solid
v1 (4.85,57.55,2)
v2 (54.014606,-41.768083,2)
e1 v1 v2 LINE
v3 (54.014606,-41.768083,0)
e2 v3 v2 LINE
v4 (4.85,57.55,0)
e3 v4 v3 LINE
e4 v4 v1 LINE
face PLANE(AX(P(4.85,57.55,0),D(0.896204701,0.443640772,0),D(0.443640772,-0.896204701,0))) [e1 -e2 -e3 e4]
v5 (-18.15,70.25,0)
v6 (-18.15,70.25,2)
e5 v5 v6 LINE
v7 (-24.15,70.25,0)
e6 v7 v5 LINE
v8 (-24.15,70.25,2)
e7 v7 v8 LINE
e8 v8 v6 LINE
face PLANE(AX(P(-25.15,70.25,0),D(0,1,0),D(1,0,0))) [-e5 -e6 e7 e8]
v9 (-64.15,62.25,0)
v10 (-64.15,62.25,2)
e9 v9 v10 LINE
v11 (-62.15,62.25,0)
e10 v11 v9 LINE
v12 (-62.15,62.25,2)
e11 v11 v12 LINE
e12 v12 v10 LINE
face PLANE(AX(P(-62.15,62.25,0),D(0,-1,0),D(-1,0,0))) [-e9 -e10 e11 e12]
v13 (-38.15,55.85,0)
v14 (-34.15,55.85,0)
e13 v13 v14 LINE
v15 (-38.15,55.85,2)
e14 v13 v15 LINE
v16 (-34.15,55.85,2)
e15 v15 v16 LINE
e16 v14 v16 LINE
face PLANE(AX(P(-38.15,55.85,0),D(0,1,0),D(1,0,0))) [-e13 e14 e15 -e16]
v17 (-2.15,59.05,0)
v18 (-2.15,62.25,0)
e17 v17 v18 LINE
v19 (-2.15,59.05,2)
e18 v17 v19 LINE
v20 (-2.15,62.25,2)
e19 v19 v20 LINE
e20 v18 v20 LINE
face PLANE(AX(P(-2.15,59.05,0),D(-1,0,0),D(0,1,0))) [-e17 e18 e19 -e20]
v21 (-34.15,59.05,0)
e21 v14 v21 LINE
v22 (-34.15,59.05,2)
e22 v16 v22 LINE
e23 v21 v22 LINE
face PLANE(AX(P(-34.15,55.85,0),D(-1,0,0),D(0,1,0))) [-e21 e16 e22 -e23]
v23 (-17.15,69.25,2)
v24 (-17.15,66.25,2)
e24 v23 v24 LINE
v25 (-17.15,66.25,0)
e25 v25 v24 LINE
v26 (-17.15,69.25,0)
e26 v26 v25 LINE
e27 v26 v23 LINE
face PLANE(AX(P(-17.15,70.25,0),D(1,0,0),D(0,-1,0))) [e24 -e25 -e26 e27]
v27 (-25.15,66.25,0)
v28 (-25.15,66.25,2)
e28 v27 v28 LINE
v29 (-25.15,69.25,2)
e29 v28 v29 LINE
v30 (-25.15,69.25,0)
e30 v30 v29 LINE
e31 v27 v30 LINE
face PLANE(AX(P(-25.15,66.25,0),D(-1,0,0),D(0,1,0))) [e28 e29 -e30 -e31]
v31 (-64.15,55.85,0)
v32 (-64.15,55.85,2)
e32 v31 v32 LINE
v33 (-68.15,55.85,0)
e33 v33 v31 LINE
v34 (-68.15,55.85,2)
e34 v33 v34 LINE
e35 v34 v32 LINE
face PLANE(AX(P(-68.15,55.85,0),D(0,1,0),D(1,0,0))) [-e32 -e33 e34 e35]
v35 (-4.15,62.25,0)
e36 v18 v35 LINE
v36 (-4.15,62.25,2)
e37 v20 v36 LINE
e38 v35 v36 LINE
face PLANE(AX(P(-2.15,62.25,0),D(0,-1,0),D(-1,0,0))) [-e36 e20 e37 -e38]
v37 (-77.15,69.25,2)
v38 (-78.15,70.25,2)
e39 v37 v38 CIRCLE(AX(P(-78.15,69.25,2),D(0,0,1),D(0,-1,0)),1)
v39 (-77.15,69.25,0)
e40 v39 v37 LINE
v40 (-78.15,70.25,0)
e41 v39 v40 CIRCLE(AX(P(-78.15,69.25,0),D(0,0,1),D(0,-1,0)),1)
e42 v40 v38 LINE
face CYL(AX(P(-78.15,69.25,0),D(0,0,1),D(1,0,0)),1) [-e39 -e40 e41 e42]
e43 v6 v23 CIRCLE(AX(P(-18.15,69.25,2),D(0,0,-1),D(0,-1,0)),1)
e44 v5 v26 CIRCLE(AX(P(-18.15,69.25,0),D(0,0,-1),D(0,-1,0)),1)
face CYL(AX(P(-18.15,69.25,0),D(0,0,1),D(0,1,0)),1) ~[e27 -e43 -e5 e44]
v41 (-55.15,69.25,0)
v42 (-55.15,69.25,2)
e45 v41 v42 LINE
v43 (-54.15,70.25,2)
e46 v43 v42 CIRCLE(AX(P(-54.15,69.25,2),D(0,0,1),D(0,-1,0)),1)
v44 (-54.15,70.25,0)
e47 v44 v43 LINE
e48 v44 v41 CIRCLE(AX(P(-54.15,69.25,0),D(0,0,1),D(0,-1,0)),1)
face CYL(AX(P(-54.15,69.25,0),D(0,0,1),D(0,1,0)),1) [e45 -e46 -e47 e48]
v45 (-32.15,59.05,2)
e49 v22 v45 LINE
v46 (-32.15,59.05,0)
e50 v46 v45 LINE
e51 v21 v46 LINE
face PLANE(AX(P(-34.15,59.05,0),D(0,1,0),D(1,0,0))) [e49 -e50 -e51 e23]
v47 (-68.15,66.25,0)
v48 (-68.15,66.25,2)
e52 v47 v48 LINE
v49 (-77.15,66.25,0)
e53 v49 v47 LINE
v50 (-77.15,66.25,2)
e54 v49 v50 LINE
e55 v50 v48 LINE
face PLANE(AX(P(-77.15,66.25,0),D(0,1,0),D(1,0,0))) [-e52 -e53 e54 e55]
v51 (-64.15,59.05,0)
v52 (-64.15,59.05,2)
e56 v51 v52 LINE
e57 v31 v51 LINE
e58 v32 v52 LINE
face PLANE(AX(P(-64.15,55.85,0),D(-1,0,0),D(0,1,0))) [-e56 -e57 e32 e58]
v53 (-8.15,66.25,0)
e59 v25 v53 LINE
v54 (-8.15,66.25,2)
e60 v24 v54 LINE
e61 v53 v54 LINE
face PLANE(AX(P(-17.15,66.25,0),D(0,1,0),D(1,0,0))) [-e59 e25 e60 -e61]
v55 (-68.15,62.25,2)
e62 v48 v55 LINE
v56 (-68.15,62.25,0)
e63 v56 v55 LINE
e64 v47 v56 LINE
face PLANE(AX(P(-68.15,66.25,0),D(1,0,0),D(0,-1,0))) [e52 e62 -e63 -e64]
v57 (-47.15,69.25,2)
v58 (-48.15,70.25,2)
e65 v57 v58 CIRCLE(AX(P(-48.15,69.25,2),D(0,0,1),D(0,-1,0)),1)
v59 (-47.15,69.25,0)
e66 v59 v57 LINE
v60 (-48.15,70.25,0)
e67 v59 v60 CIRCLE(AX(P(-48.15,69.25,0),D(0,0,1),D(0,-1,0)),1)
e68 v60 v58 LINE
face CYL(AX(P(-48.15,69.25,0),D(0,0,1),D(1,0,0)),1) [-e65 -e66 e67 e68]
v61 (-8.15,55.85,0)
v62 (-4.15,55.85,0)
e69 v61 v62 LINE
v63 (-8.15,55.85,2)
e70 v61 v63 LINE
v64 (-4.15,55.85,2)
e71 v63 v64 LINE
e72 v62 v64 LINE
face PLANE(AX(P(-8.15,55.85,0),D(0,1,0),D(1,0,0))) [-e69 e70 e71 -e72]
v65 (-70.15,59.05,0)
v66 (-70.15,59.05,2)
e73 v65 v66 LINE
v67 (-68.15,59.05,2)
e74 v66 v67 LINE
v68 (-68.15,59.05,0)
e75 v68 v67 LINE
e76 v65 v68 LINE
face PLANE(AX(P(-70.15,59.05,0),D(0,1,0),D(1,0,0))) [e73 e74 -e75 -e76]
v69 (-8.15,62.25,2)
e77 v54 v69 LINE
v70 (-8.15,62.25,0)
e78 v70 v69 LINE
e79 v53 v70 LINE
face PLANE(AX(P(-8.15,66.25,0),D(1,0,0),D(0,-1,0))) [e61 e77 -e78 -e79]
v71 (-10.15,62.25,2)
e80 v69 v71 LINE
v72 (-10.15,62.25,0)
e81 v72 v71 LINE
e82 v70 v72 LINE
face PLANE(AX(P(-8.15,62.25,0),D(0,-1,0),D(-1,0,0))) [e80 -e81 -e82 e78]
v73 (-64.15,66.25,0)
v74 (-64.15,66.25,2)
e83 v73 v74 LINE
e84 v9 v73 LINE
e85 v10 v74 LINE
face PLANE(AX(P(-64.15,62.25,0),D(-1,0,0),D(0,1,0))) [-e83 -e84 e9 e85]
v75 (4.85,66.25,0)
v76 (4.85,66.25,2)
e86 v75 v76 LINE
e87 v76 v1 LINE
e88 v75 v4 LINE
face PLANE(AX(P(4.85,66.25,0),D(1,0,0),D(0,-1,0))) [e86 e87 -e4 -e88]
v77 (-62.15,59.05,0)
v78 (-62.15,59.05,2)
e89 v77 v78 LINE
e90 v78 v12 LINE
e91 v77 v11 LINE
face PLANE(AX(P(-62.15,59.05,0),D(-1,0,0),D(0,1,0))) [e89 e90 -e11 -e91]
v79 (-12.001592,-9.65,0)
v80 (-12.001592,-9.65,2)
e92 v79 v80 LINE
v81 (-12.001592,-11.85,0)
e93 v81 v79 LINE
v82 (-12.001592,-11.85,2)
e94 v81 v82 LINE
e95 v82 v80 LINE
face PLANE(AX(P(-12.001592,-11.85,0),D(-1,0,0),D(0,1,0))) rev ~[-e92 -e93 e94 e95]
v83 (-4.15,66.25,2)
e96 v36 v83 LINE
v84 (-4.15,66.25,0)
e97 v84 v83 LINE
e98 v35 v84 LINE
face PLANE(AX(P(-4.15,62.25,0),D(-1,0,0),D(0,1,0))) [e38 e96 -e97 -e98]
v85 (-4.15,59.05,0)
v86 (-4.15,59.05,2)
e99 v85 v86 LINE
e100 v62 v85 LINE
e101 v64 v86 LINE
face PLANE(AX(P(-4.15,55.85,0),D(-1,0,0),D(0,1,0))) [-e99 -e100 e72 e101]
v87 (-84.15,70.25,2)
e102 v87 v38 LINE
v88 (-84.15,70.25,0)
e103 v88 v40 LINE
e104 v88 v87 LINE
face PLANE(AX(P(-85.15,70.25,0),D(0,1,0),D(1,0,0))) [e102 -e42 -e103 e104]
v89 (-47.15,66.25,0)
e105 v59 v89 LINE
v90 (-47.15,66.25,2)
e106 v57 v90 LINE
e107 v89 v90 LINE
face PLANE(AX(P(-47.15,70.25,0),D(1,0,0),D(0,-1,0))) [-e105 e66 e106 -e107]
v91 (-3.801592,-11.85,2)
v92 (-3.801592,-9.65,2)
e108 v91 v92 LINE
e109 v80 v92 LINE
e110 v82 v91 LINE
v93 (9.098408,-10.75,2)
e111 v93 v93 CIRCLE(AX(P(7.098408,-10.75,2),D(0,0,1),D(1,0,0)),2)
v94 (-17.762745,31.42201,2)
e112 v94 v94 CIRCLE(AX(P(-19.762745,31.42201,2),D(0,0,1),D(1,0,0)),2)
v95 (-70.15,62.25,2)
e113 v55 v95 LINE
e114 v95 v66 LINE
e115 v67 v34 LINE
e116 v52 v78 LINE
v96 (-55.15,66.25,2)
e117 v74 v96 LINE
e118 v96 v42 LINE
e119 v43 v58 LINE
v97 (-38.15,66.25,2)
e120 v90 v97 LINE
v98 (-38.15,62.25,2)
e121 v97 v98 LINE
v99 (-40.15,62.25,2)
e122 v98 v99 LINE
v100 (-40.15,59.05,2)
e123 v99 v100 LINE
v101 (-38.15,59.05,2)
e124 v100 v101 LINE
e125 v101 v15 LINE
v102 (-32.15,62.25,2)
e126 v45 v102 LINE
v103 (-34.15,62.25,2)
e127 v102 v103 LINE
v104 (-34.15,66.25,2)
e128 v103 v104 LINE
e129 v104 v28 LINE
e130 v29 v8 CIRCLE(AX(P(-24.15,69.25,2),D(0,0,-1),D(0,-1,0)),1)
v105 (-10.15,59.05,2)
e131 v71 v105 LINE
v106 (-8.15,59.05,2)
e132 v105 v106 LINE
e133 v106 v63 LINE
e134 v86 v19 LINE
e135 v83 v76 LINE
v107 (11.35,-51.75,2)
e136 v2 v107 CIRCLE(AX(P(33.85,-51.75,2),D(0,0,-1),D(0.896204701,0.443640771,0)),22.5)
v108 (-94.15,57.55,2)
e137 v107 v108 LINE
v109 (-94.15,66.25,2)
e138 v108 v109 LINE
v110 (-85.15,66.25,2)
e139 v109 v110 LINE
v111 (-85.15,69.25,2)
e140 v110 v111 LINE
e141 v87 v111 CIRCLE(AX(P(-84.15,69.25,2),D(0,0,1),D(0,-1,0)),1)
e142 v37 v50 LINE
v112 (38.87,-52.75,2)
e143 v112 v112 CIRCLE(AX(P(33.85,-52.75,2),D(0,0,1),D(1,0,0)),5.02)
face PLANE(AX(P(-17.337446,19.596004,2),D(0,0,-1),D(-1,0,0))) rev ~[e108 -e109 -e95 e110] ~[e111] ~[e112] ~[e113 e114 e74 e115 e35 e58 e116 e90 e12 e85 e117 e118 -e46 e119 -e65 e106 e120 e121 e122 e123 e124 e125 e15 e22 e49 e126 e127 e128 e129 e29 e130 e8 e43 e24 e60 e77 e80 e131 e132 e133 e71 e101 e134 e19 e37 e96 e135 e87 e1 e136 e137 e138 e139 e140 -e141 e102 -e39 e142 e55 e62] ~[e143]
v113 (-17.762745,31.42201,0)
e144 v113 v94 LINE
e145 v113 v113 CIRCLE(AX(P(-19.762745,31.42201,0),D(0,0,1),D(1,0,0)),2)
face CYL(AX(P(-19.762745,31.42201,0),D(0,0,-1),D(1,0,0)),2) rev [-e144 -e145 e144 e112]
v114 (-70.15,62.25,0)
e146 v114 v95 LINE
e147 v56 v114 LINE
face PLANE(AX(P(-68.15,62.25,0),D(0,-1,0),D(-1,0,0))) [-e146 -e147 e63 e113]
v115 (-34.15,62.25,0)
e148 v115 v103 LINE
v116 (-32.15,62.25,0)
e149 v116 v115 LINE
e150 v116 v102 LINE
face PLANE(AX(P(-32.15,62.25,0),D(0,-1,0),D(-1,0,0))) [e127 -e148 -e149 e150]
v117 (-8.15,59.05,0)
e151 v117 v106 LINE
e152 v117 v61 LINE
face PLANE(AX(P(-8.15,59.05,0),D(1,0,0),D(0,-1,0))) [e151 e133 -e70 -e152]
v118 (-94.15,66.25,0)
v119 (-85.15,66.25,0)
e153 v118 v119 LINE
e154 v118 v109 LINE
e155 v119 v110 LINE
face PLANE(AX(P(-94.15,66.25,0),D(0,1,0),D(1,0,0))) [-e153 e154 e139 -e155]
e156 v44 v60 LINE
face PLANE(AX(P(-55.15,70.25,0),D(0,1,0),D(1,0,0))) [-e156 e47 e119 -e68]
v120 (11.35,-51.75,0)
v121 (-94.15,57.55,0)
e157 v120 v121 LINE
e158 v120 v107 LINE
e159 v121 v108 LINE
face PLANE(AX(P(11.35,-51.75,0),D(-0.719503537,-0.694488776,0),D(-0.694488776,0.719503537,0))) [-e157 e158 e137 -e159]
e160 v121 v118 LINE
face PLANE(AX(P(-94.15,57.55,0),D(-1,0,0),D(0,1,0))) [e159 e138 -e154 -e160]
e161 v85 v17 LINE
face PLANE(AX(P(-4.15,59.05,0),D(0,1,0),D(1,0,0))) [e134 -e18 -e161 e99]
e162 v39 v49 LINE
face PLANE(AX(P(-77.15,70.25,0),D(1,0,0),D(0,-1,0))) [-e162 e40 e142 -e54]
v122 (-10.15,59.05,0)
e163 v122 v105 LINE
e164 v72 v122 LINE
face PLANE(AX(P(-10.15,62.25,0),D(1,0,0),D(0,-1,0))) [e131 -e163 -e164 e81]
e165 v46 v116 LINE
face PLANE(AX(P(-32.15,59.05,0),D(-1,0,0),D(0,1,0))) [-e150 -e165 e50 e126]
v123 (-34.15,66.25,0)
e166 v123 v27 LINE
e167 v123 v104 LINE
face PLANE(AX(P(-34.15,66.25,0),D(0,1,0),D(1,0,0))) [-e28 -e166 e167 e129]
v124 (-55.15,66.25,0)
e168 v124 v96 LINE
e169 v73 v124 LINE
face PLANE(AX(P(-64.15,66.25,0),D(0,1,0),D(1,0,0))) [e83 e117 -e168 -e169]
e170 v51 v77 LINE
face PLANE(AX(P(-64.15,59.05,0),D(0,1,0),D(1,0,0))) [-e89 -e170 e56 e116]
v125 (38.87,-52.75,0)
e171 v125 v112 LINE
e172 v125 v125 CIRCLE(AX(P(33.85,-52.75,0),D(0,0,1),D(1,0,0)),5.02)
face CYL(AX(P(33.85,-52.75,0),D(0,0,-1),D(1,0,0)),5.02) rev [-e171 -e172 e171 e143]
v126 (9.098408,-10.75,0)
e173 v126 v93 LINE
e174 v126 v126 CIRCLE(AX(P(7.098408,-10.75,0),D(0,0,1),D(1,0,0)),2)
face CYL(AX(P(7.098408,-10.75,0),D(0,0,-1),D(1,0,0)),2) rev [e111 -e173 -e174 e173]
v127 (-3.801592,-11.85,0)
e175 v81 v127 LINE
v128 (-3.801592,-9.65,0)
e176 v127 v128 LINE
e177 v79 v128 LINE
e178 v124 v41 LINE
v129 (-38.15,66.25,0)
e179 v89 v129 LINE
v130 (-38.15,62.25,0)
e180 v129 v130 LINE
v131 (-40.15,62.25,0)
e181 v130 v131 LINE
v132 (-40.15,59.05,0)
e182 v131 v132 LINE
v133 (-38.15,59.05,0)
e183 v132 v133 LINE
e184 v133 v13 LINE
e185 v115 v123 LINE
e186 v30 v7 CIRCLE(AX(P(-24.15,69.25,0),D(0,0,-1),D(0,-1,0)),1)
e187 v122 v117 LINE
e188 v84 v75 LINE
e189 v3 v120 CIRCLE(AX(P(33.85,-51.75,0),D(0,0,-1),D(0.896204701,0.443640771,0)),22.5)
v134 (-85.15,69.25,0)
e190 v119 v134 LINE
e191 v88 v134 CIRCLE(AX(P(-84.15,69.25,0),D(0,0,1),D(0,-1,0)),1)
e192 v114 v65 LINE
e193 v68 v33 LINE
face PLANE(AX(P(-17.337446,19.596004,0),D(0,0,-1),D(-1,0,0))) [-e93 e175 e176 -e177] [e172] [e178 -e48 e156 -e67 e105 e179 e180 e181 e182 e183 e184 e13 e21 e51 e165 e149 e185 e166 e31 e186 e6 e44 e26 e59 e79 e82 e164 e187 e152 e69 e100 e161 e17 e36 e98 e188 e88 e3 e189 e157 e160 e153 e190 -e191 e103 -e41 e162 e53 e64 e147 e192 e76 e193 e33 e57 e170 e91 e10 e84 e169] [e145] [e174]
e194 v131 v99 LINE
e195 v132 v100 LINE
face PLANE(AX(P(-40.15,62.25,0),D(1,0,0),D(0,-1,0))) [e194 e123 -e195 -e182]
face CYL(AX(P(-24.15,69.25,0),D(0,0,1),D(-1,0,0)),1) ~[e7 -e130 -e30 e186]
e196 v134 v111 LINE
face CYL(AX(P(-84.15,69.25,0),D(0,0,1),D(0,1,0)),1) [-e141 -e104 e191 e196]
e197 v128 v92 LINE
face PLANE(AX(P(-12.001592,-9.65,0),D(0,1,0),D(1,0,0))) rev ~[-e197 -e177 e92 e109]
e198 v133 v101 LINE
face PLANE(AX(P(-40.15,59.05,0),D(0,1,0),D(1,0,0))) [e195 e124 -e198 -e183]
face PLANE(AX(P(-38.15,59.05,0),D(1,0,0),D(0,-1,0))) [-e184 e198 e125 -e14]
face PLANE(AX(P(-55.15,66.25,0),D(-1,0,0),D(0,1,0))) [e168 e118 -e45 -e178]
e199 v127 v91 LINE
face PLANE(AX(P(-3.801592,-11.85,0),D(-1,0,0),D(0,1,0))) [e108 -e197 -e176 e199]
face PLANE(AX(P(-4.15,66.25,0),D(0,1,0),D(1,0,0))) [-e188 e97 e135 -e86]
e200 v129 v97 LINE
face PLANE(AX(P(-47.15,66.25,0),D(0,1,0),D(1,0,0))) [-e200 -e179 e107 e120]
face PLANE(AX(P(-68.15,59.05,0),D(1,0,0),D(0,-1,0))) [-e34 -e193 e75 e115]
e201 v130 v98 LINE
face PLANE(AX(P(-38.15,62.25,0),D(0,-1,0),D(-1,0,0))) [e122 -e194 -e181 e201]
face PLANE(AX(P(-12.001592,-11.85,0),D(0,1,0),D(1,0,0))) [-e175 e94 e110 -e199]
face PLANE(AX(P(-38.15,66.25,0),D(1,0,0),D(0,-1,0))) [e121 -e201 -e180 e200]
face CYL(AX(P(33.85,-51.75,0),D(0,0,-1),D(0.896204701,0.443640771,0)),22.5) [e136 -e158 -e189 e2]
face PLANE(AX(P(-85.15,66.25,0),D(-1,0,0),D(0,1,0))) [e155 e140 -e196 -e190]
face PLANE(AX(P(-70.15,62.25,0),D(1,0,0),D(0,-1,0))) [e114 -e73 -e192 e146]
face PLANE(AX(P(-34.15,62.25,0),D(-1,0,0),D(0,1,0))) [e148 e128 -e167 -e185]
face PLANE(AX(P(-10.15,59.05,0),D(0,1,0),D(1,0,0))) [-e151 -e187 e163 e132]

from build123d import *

# Parameters (mm, degrees)
SKETCH_1_R      = 2
SKETCH_1_R_2    = 5.02
SKETCH_1_W      = 8.2
SKETCH_1_H      = 2.2
EXTRUDE_1_DEPTH = 2
FILLET_1_R      = 1


with BuildPart() as part:
    # 草图1 → 凸台-拉伸1 (new body)
    with BuildSketch(Plane.XY):
        with BuildLine():
            Line((-38.15, 66.25), (-38.15, 62.25))
            Line((-38.15, 62.25), (-40.15, 62.25))
            Line((-40.15, 62.25), (-40.15, 59.05))
            Line((-40.15, 59.05), (-38.15, 59.05))
            Line((-38.15, 59.05), (-38.15, 55.85))
            Line((-38.15, 55.85), (-34.15, 55.85))
            Line((-34.15, 55.85), (-34.15, 59.05))
            Line((-34.15, 59.05), (-32.15, 59.05))
            Line((-32.15, 59.05), (-32.15, 62.25))
            Line((-32.15, 62.25), (-34.15, 62.25))
            Line((-34.15, 62.25), (-34.15, 66.25))
            Line((-34.15, 66.25), (-25.15, 66.25))
            Line((-25.15, 66.25), (-25.15, 70.25))
            Line((-25.15, 70.25), (-17.15, 70.25))
            Line((-17.15, 70.25), (-17.15, 66.25))
            Line((-17.15, 66.25), (-8.15, 66.25))
            Line((-8.15, 66.25), (-8.15, 62.25))
            Line((-8.15, 62.25), (-10.15, 62.25))
            Line((-10.15, 62.25), (-10.15, 59.05))
            Line((-10.15, 59.05), (-8.15, 59.05))
            Line((-8.15, 59.05), (-8.15, 55.85))
            Line((-8.15, 55.85), (-4.15, 55.85))
            Line((-4.15, 55.85), (-4.15, 59.05))
            Line((-4.15, 59.05), (-2.15, 59.05))
            Line((-2.15, 59.05), (-2.15, 62.25))
            Line((-2.15, 62.25), (-4.15, 62.25))
            Line((-4.15, 62.25), (-4.15, 66.25))
            Line((-4.15, 66.25), (4.85, 66.25))
            Line((4.85, 66.25), (4.85, 57.55))
            Line((4.85, 57.55), (54.01460577, -41.768082641))
            ThreePointArc((54.01460577, -41.768082641), (38.975737517, -73.658373169), (11.35, -51.75))
            Line((11.35, -51.75), (-94.15, 57.55))
            Line((-94.15, 57.55), (-94.15, 66.25))
            Line((-94.15, 66.25), (-85.15, 66.25))
            Line((-85.15, 66.25), (-85.15, 70.25))
            Line((-85.15, 70.25), (-77.15, 70.25))
            Line((-77.15, 70.25), (-77.15, 66.25))
            Line((-77.15, 66.25), (-68.15, 66.25))
            Line((-68.15, 66.25), (-68.15, 62.25))
            Line((-68.15, 62.25), (-70.15, 62.25))
            Line((-70.15, 62.25), (-70.15, 59.05))
            Line((-70.15, 59.05), (-68.15, 59.05))
            Line((-68.15, 59.05), (-68.15, 55.85))
            Line((-68.15, 55.85), (-64.15, 55.85))
            Line((-64.15, 55.85), (-64.15, 59.05))
            Line((-64.15, 59.05), (-62.15, 59.05))
            Line((-62.15, 59.05), (-62.15, 62.25))
            Line((-62.15, 62.25), (-64.15, 62.25))
            Line((-64.15, 62.25), (-64.15, 66.25))
            Line((-64.15, 66.25), (-55.15, 66.25))
            Line((-55.15, 66.25), (-55.15, 70.25))
            Line((-55.15, 70.25), (-47.15, 70.25))
            Line((-47.15, 70.25), (-47.15, 66.25))
            Line((-47.15, 66.25), (-38.15, 66.25))
        make_face()
        with Locations((-19.762745434, 31.422010331)):
            Circle(SKETCH_1_R, mode=Mode.SUBTRACT)
        with Locations((7.098407643, -10.75)):
            Circle(SKETCH_1_R, mode=Mode.SUBTRACT)
        with Locations((33.85, -52.75)):
            Circle(SKETCH_1_R_2, mode=Mode.SUBTRACT)
        with Locations((-7.901592357, -10.75)):
            Rectangle(SKETCH_1_W, SKETCH_1_H, mode=Mode.SUBTRACT)
    extrude(amount=EXTRUDE_1_DEPTH)

    # 圆角1
    fillet_1_edges = [part.edges().sort_by_distance(p)[0] for p in [
        (-25.15, 70.25, 1),
        (-17.15, 70.25, 1),
        (-85.15, 70.25, 1),
        (-77.15, 70.25, 1),
        (-55.15, 70.25, 1),
        (-47.15, 70.25, 1),
    ]]
    fillet(fillet_1_edges, radius=FILLET_1_R)


solid = part.part
